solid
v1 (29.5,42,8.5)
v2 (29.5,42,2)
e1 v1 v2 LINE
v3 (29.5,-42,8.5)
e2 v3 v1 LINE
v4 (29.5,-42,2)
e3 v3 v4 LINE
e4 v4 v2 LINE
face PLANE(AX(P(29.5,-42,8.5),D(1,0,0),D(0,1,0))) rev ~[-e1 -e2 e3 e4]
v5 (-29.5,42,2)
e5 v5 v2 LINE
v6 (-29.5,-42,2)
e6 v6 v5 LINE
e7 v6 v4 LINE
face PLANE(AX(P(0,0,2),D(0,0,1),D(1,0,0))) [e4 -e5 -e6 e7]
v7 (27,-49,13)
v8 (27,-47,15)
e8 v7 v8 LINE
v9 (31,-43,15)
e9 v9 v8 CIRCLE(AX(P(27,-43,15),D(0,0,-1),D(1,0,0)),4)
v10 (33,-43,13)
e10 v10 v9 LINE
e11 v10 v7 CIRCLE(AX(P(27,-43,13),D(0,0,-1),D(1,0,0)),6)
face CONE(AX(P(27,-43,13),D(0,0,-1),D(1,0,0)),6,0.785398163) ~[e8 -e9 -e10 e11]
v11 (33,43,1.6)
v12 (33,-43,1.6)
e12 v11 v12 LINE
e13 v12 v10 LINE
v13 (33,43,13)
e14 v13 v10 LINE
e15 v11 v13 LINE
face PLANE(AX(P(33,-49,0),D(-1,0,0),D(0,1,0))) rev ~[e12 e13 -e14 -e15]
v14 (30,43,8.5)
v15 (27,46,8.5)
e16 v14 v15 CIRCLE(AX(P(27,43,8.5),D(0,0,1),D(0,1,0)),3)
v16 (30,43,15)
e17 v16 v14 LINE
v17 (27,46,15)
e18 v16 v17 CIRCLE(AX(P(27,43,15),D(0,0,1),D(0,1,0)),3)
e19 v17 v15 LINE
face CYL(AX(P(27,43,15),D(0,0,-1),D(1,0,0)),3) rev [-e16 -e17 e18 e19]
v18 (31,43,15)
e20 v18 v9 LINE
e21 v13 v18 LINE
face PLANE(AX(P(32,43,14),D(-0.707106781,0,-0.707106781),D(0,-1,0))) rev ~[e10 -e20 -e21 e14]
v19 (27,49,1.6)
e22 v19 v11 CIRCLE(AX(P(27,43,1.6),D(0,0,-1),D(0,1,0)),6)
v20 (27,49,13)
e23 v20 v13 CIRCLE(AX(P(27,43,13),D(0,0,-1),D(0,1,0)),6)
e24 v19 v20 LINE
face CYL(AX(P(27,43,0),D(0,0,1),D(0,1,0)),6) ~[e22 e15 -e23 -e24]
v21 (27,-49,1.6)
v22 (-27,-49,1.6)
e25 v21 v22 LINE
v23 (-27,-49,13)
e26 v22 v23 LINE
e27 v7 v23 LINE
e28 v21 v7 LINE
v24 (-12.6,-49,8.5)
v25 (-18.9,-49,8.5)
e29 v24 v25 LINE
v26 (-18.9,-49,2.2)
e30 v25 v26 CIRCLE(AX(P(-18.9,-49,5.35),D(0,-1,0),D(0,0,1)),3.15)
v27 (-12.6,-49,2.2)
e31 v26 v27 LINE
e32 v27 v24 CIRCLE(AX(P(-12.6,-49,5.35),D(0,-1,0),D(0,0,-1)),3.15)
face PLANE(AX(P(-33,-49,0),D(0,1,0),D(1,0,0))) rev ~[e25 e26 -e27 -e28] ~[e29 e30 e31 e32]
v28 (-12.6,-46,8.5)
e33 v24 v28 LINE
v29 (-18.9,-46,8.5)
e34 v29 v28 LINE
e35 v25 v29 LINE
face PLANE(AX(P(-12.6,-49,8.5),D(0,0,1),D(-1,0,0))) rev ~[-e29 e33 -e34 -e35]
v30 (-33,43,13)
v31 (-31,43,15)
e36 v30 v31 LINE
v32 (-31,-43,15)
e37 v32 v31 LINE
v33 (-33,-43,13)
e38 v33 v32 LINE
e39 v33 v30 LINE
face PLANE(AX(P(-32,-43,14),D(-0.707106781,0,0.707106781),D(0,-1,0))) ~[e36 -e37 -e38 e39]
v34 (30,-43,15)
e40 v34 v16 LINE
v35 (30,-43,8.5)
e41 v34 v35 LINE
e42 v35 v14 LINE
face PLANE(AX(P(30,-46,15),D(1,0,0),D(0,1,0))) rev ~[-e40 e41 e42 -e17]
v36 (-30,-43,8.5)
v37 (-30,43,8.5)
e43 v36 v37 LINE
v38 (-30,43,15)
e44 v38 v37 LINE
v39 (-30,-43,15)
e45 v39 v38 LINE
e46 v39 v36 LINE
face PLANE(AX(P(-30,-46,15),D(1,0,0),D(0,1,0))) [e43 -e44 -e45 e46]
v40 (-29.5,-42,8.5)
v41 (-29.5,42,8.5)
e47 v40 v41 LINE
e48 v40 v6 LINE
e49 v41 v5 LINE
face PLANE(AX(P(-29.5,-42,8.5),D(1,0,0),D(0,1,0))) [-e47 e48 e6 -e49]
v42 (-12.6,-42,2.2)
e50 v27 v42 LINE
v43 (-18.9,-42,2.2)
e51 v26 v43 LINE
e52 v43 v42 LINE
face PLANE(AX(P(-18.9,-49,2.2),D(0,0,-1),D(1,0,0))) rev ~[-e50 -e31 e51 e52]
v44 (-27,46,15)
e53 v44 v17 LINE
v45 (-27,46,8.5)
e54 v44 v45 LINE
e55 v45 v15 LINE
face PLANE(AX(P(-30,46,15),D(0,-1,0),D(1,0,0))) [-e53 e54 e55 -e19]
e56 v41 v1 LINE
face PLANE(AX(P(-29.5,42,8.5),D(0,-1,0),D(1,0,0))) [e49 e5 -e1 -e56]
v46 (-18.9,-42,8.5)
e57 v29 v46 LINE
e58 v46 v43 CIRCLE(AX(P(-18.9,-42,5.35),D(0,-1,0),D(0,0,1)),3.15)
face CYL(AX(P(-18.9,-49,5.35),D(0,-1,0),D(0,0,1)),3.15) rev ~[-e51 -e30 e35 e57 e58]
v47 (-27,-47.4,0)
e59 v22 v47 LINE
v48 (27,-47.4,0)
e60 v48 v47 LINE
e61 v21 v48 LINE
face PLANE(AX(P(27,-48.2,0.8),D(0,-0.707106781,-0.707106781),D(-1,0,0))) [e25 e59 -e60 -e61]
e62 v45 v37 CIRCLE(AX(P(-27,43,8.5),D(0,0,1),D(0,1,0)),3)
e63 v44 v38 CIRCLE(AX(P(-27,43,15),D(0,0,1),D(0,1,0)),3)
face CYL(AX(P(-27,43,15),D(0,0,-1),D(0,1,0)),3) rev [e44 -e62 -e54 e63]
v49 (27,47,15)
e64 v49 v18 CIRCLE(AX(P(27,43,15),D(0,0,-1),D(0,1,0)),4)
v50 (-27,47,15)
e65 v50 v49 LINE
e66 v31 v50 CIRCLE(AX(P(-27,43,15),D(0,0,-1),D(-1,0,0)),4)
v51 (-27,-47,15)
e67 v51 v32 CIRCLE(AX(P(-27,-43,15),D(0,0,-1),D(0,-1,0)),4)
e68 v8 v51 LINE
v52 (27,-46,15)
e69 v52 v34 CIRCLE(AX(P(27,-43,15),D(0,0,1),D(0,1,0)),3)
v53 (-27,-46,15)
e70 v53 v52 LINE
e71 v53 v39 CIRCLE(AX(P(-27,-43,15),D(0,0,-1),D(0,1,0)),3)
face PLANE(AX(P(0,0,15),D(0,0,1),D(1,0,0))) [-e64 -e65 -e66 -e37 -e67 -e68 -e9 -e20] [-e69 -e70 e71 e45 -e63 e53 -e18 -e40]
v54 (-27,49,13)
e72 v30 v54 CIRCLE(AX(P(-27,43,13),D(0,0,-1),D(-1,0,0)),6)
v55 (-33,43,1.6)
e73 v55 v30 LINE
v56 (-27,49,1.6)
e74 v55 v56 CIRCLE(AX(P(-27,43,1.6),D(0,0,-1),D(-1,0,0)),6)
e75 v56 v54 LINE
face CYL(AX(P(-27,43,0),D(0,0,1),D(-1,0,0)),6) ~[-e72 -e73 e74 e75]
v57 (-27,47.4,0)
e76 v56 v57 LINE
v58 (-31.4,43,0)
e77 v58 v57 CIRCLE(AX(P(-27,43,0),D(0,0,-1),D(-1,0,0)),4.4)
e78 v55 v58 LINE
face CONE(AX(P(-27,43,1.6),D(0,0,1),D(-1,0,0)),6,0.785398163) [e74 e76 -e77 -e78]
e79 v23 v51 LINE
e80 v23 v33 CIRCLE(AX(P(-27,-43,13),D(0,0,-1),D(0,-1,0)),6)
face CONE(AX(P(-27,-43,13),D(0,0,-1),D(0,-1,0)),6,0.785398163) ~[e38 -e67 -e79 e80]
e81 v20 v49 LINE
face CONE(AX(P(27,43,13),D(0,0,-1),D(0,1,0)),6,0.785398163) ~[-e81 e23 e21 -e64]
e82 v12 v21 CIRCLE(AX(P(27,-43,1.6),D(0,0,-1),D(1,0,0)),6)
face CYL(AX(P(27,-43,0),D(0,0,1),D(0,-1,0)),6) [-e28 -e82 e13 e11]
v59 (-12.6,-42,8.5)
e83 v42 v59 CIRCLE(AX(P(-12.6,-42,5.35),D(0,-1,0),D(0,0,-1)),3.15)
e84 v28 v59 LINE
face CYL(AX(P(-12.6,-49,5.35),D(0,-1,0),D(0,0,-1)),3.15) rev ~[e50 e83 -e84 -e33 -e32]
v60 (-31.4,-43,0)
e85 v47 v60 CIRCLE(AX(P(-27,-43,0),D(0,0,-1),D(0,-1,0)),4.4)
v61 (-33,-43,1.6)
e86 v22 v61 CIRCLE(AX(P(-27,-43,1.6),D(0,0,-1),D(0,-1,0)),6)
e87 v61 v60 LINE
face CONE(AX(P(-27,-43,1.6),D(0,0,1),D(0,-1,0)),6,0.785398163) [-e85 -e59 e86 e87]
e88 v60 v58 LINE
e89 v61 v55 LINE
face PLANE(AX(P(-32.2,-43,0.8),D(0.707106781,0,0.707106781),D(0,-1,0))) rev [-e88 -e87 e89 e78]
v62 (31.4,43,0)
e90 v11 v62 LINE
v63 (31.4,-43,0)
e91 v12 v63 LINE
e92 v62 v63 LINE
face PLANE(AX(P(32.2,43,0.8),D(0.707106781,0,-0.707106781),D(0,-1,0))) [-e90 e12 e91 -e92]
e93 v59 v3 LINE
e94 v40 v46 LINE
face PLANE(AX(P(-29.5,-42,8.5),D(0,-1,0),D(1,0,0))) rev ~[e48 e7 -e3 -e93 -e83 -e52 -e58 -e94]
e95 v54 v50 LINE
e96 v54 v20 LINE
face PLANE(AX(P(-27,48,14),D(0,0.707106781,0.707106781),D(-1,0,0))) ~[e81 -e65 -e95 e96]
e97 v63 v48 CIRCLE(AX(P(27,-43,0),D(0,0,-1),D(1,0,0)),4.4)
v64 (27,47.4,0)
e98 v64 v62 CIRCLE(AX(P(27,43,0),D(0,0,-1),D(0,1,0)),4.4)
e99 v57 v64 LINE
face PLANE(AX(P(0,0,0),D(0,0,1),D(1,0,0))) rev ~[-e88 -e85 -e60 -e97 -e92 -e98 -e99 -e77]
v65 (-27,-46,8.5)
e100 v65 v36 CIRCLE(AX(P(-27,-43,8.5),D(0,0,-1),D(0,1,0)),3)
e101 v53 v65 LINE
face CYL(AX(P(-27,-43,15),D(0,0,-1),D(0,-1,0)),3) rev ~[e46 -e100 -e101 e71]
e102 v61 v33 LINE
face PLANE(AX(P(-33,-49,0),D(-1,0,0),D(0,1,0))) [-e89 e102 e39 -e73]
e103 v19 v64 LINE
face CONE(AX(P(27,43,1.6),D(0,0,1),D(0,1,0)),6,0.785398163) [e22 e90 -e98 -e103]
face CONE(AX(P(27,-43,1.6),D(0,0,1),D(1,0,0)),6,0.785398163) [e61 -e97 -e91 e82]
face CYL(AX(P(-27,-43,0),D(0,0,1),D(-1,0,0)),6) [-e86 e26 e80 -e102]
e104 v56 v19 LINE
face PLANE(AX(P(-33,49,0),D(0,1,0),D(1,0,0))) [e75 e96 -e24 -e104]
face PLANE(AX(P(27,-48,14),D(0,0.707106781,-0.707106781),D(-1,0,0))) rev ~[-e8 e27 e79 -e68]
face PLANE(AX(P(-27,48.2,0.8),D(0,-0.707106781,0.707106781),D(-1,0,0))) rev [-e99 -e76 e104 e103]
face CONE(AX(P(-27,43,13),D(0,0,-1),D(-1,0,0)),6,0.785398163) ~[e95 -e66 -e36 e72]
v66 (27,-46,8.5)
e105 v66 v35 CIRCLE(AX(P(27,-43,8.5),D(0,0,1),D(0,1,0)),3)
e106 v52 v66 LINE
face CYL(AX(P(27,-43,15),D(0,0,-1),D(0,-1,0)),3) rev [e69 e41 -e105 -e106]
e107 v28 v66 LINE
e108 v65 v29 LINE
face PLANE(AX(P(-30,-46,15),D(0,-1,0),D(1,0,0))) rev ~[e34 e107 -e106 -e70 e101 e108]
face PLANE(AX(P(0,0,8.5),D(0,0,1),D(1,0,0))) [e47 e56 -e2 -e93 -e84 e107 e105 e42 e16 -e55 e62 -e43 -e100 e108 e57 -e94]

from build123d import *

# Parameters (mm, degrees)
SKETCH012_W     = 66
SKETCH012_H     = 98
PAD006_DEPTH    = 15
SKETCH013_W     = 60
SKETCH013_H     = 92
POCKET008_DEPTH = 6.5
FILLET008_R     = 3
SKETCH014_W     = 59
SKETCH014_H     = 84
POCKET009_DEPTH = 6.5
POCKET010_DEPTH = 7
FILLET009_R     = 6
CHAMFER005_SIZE = 1.6
CHAMFER006_SIZE = 2


with BuildPart() as part:
    # Sketch012 → Pad006 (new body)
    with BuildSketch(Plane.XY):
        Rectangle(SKETCH012_W, SKETCH012_H)
    extrude(amount=PAD006_DEPTH)

    # Sketch013 (on Face6 of Pad006) → Pocket008 (cut)
    with BuildSketch(Plane.XY.offset(15)):
        Rectangle(SKETCH013_W, SKETCH013_H)
    extrude(amount=-POCKET008_DEPTH, mode=Mode.SUBTRACT)

    # Fillet008
    fillet008_edges = [part.edges().sort_by_distance(p)[0] for p in [
        (30, 46, 11.75),
        (-30, 46, 11.75),
        (-30, -46, 11.75),
        (30, -46, 11.75),
    ]]
    fillet(fillet008_edges, radius=FILLET008_R)

    # Sketch014 (on Face11 of Pocket008) → Pocket009 (cut)
    with BuildSketch(Plane.XY.offset(8.5)):
        Rectangle(SKETCH014_W, SKETCH014_H)
    extrude(amount=-POCKET009_DEPTH, mode=Mode.SUBTRACT)

    # Sketch015 (on Face13 of Pocket009) → Pocket010 (cut)
    with BuildSketch(Plane.XZ.offset(49)):
        with BuildLine():
            ThreePointArc((-18.9, 8.5), (-22.05, 5.35), (-18.9, 2.2))
            Line((-18.9, 2.2), (-12.6, 2.2))
            ThreePointArc((-12.6, 2.2), (-9.45, 5.35), (-12.6, 8.5))
            Line((-12.6, 8.5), (-18.9, 8.5))
        make_face()
    extrude(amount=-POCKET010_DEPTH, mode=Mode.SUBTRACT)

    # Fillet009
    fillet009_edges = [part.edges().sort_by_distance(p)[0] for p in [
        (33, -49, 7.5),
        (33, 49, 7.5),
        (-33, -49, 7.5),
        (-33, 49, 7.5),
    ]]
    fillet(fillet009_edges, radius=FILLET009_R)

    # Chamfer005
    chamfer005_edges = [part.edges().sort_by_distance(p)[0] for p in [
        (0, 49, 0),
        (-31.242641, 47.242641, 0),
        (31.242641, 47.242641, 0),
        (-33, 0, 0),
        (33, 0, 0),
        (-31.242641, -47.242641, 0),
        (31.242641, -47.242641, 0),
        (0, -49, 0),
    ]]
    chamfer(chamfer005_edges, length=CHAMFER005_SIZE)

    # Chamfer006
    chamfer006_edges = [part.edges().sort_by_distance(p)[0] for p in [
        (-33, 0, 15),
    ]]
    chamfer(chamfer006_edges, length=CHAMFER006_SIZE)


solid = part.part
